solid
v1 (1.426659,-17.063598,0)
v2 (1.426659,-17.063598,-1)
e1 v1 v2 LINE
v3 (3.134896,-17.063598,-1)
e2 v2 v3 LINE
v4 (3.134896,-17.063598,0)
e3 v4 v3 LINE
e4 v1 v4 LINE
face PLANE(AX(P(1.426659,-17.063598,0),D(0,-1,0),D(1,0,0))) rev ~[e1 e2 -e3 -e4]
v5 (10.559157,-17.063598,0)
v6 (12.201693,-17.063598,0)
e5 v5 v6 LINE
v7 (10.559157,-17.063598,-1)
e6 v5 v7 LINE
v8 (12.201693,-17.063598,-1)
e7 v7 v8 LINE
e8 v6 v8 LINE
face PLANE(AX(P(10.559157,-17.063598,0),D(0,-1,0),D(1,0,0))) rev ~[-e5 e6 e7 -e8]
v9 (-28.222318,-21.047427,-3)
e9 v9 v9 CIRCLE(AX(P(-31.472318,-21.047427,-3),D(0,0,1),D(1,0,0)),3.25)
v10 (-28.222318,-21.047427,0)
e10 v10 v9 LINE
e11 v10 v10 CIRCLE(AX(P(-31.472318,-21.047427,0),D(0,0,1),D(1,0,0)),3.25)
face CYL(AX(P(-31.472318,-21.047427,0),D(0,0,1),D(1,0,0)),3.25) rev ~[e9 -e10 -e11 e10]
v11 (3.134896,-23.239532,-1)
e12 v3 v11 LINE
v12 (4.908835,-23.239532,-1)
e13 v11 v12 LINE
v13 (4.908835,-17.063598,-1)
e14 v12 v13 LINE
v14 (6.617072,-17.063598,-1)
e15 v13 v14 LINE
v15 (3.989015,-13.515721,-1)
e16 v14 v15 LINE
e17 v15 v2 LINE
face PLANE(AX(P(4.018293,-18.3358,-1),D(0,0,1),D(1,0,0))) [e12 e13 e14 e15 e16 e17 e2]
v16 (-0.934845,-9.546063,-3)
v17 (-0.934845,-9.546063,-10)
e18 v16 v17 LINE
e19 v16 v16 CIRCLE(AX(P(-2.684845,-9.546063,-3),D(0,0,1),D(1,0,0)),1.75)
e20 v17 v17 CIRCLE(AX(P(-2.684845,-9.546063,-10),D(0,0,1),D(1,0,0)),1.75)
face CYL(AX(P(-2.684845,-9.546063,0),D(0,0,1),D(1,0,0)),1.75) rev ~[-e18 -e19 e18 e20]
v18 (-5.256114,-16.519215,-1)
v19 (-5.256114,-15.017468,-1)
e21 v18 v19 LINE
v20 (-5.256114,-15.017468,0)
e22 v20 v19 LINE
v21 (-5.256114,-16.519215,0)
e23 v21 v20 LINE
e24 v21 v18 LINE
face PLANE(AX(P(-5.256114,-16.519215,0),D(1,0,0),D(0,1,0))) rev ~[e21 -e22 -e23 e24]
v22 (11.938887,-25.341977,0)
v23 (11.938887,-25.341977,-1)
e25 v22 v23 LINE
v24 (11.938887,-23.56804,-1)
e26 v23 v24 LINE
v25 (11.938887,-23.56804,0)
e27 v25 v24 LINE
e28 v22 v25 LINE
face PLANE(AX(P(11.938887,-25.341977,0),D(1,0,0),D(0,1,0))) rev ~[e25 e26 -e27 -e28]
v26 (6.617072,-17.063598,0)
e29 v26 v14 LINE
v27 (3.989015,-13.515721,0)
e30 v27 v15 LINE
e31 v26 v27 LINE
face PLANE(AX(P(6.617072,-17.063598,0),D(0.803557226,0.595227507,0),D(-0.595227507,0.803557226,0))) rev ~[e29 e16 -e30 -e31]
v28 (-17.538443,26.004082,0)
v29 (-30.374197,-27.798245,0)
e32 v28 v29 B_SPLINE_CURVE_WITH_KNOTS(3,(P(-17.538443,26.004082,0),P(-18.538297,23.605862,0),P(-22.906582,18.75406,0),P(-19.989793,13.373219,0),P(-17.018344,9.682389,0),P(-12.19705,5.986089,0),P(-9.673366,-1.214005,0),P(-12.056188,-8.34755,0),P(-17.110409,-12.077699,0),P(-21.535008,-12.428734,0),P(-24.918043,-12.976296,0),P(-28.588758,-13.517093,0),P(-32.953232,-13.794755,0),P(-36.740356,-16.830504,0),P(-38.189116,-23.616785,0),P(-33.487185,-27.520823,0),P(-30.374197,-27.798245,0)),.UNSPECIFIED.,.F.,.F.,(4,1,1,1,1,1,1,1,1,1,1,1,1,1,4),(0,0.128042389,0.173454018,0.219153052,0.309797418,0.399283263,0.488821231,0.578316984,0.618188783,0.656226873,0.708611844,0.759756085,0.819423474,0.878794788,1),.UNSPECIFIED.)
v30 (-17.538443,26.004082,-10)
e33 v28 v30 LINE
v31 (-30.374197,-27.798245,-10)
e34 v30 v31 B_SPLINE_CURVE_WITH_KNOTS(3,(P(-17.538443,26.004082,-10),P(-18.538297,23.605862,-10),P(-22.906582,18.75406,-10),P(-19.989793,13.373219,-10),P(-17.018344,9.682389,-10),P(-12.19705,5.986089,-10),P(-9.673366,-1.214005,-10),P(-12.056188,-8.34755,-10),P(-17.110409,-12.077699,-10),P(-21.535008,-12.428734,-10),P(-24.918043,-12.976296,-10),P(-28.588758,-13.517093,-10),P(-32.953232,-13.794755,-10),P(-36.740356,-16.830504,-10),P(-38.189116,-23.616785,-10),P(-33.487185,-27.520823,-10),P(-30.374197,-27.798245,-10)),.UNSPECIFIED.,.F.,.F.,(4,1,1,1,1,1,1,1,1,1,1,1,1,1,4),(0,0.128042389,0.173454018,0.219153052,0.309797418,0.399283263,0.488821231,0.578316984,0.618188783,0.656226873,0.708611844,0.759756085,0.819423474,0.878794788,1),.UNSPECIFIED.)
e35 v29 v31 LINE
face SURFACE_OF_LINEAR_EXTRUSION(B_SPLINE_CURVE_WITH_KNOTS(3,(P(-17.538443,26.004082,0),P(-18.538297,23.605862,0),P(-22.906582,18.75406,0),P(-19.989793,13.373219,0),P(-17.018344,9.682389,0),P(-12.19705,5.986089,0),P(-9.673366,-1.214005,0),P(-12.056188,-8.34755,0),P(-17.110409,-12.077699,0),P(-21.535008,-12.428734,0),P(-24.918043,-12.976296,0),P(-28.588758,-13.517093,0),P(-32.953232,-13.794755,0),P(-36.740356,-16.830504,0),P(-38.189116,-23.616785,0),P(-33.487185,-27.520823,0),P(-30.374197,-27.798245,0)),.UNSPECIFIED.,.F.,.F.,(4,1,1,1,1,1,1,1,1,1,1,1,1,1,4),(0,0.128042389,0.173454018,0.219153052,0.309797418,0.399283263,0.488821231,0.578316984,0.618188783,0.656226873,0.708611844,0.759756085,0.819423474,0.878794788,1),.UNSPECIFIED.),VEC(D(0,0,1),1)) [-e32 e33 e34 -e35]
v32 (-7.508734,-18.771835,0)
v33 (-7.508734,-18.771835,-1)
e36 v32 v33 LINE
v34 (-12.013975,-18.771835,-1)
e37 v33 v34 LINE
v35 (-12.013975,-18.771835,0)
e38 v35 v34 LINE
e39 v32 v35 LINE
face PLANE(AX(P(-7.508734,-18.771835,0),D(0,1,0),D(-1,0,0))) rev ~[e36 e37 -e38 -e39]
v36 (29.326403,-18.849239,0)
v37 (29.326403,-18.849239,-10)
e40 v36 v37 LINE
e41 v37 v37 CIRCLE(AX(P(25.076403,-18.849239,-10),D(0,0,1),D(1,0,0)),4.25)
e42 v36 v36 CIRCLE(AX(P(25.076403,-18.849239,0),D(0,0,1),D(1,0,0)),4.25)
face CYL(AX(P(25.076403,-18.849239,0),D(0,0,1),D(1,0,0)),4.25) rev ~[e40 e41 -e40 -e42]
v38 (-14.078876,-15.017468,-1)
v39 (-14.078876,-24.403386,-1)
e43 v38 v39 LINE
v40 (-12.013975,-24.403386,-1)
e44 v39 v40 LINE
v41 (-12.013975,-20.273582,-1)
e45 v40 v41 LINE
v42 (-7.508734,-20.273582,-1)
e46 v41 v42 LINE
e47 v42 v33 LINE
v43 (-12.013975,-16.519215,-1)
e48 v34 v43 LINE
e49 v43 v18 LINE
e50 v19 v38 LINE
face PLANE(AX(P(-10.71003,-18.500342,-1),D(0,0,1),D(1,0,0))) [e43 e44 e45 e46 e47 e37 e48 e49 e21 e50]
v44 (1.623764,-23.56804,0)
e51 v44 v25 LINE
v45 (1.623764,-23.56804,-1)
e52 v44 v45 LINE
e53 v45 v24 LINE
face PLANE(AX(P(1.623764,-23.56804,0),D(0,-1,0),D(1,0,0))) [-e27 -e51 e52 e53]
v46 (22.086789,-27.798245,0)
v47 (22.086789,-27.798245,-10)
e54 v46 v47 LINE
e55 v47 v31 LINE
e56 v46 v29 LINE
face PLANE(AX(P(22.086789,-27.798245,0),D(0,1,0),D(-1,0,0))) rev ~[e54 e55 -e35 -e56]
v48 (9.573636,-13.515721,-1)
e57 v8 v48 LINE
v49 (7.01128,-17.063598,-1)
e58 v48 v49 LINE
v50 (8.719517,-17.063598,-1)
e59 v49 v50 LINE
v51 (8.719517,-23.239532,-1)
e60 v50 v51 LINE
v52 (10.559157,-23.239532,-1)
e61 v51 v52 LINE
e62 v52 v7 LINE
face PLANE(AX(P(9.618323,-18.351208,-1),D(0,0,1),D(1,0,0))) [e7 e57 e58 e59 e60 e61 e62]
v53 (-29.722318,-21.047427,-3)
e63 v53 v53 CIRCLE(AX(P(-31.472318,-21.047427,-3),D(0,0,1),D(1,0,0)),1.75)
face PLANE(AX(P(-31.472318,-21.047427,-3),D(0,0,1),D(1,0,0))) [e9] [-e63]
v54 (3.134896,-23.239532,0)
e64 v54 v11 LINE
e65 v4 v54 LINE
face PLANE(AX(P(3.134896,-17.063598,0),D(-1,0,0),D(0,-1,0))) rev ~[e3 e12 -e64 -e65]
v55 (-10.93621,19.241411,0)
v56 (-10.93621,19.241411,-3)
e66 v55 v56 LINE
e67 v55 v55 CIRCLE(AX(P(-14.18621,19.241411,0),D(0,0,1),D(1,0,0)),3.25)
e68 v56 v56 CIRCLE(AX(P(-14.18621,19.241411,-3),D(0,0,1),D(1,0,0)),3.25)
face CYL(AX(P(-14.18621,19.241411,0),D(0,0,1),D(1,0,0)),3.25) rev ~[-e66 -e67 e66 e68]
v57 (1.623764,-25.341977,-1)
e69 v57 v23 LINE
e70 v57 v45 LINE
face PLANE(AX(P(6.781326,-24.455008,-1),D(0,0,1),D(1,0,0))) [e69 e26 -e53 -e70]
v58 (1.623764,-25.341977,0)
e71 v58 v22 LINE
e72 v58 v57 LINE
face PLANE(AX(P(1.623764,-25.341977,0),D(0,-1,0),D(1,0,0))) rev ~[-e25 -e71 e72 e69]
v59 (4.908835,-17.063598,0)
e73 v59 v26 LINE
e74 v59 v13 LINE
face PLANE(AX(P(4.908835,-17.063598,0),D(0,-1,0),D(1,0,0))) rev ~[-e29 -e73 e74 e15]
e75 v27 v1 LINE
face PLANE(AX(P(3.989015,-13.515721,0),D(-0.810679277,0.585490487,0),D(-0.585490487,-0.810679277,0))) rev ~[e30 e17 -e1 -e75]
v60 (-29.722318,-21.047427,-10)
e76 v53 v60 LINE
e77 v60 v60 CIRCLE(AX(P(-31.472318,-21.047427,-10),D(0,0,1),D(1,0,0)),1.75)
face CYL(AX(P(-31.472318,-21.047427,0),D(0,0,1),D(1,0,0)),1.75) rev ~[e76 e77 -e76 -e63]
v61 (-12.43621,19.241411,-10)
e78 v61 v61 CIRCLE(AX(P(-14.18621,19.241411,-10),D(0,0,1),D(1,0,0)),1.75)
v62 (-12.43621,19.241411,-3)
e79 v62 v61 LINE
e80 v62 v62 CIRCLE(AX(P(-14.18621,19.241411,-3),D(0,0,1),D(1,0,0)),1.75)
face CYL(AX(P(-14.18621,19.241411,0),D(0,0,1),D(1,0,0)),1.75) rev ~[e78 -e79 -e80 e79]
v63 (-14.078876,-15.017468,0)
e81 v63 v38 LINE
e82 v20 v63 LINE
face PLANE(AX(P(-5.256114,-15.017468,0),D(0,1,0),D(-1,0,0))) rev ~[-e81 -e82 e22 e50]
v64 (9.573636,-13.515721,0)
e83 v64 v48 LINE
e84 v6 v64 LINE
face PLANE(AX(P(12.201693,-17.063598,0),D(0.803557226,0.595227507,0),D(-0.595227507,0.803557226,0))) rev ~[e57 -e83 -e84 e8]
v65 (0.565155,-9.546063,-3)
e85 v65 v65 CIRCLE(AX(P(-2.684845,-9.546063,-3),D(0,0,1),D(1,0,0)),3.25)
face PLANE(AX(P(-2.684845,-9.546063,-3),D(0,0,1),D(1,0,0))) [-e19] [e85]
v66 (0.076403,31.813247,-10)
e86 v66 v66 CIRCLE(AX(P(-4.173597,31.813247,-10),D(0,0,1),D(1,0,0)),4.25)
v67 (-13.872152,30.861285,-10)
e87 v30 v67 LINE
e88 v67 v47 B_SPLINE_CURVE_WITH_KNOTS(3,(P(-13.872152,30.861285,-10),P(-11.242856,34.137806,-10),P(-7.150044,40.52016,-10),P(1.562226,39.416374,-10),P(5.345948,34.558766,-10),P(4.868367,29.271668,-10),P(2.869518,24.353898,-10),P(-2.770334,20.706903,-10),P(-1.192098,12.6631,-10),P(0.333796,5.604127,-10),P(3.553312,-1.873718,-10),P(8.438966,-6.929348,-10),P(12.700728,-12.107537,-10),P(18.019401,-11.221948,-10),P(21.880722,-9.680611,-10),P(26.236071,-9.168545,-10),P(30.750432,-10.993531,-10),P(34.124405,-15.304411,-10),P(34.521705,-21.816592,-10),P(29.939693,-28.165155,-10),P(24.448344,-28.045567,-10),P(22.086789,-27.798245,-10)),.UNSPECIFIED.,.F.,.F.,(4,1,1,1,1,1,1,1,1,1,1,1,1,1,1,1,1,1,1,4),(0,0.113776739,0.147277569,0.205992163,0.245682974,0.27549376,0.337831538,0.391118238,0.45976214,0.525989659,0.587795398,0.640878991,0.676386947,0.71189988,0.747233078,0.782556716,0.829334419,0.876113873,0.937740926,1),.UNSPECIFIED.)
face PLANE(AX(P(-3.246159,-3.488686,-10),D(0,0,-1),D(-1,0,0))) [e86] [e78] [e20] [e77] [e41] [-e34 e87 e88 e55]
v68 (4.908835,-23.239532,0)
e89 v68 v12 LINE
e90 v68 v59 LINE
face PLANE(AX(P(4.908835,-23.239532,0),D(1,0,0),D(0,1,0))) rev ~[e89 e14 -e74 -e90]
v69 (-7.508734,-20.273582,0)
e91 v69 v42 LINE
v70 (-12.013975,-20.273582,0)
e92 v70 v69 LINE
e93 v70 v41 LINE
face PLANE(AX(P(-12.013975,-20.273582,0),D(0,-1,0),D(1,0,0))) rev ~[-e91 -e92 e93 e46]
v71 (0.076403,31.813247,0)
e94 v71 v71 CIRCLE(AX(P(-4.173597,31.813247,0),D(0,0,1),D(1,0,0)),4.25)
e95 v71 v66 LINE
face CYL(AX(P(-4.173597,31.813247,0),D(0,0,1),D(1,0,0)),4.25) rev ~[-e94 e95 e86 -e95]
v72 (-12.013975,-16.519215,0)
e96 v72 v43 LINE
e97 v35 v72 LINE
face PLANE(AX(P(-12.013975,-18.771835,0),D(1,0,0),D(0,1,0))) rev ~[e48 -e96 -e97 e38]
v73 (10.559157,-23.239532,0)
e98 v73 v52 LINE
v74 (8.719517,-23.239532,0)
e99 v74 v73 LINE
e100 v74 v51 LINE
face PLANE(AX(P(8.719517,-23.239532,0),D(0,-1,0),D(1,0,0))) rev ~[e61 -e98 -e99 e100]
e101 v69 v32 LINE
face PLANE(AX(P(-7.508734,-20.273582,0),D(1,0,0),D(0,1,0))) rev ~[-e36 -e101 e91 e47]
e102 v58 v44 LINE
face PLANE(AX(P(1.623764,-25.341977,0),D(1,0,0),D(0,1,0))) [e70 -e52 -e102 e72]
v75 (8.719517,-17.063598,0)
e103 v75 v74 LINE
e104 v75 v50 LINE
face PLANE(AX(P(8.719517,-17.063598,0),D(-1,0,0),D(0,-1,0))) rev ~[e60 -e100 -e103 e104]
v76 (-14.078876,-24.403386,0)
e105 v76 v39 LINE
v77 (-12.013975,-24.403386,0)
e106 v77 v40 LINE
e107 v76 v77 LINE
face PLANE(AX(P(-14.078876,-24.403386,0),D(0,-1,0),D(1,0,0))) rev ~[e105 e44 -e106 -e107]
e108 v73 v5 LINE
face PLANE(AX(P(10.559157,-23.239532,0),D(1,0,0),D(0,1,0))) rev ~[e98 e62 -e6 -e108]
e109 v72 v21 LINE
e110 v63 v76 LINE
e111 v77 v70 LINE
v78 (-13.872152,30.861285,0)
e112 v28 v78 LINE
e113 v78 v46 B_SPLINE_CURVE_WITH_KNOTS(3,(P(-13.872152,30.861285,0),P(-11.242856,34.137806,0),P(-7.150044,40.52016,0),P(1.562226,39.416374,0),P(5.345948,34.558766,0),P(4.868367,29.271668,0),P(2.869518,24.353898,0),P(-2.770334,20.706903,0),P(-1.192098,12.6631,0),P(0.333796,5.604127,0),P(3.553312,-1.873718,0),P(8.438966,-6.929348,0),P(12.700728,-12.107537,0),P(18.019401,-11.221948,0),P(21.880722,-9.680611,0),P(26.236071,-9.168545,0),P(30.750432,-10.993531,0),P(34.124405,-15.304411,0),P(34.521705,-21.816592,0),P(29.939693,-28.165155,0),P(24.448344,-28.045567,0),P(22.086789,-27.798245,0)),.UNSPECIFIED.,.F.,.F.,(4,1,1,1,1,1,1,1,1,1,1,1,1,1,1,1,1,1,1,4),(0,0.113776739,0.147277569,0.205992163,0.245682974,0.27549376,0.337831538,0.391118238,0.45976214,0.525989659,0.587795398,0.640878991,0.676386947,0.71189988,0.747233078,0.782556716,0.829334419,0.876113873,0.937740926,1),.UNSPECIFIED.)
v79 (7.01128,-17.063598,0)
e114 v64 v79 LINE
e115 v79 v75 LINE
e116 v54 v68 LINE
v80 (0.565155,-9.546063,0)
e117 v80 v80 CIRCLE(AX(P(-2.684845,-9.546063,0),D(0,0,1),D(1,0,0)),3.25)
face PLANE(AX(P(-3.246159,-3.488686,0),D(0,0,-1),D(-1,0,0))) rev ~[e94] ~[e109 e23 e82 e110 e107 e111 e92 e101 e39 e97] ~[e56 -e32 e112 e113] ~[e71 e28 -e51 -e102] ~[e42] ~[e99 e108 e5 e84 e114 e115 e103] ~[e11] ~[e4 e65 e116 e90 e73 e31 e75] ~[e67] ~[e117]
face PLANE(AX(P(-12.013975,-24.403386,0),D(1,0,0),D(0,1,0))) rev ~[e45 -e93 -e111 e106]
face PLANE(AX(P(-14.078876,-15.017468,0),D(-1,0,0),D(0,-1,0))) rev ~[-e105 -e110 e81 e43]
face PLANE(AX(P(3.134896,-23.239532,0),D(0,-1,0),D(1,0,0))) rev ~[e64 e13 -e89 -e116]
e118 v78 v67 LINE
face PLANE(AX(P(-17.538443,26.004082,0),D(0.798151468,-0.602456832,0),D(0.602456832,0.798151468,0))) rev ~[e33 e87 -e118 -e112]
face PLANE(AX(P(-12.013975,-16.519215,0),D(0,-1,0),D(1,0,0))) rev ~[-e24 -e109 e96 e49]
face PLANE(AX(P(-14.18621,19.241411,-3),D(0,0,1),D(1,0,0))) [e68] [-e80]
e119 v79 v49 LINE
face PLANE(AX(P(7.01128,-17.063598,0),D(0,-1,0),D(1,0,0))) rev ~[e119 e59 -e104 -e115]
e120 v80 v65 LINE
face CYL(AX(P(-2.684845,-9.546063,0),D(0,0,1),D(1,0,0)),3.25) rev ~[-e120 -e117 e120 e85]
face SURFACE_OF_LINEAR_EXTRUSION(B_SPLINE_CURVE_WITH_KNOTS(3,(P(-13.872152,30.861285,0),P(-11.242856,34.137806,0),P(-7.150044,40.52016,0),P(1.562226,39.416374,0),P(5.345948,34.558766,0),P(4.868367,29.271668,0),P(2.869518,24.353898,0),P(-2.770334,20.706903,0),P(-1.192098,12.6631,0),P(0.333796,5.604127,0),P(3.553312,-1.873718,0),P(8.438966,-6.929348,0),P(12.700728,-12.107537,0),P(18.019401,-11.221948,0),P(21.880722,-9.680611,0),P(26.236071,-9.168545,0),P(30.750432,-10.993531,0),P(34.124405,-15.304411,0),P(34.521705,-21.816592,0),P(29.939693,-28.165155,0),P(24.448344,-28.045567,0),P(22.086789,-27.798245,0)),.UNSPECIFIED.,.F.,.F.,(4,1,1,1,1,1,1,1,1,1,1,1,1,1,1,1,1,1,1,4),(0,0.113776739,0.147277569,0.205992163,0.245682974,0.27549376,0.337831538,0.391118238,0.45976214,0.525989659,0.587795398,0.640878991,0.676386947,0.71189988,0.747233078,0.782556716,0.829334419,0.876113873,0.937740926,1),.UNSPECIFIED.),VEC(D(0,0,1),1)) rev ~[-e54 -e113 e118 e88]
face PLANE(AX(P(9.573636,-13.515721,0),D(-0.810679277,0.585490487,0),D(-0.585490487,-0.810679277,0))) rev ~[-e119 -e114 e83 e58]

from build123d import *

# Parameters (mm, degrees)
MODEL_R            = 1.75
MODEL_R_2          = 4.25
MAIN_BODY_DEPTH    = 10
MODEL_5_W          = 10.315123612
MODEL_5_H          = 1.773937843
SYMBOLS_DEPTH      = 1
MODEL_6_R          = 3.25
MODEL_6_R_2        = 1.75
RECESS_HOLES_DEPTH = 3


with BuildPart() as part:
    # Model → Main body (new body)
    with BuildSketch(Plane.XY):
        with BuildLine():
            Line((22.086789496, -27.798245314), (-30.374196976, -27.798245314))
            add(Edge.make_bspline(
                [(-17.538442516, 26.004081512), (-18.538297116, 23.605862033), (-22.906581963, 18.754059646), (-19.989793116, 13.373218867), (-17.018344154, 9.682388722), (-12.197050491, 5.986089091), (-9.673365897, -1.214004586), (-12.056188368, -8.347550444), (-17.110409271, -12.077698709), (-21.535008402, -12.428733663), (-24.918043379, -12.97629583), (-28.588757867, -13.51709323), (-32.953232047, -13.794755273), (-36.740356431, -16.830503628), (-38.189116389, -23.616785026), (-33.487184883, -27.52082329), (-30.374196976, -27.798245314)],
                knots=[0, 0, 0, 0, 0.128042389, 0.173454018, 0.219153052, 0.309797418, 0.399283263, 0.488821231, 0.578316984, 0.618188783, 0.656226873, 0.708611844, 0.759756085, 0.819423474, 0.878794788, 1, 1, 1, 1], degree=3))
            Line((-17.538442516, 26.004081512), (-13.872151512, 30.861285205))
            add(Edge.make_bspline(
                [(-13.872151512, 30.861285205), (-11.242855817, 34.137806076), (-7.150043663, 40.520160255), (1.562226031, 39.416373843), (5.345947757, 34.558765511), (4.868367052, 29.271667753), (2.869518079, 24.35389753), (-2.770333758, 20.70690297), (-1.192098482, 12.663100042), (0.333796067, 5.604126508), (3.553312262, -1.873717532), (8.438966414, -6.929348048), (12.700727629, -12.107536515), (18.019400725, -11.221948452), (21.880721708, -9.6806106), (26.236071232, -9.168544501), (30.750432493, -10.993531334), (34.124404593, -15.30441135), (34.521705172, -21.816592139), (29.939692895, -28.16515456), (24.448344054, -28.045567403), (22.086789496, -27.798245314)],
                knots=[0, 0, 0, 0, 0.113776739, 0.147277569, 0.205992163, 0.245682974, 0.27549376, 0.337831538, 0.391118238, 0.45976214, 0.525989659, 0.587795398, 0.640878991, 0.676386947, 0.71189988, 0.747233078, 0.782556716, 0.829334419, 0.876113873, 0.937740926, 1, 1, 1, 1], degree=3))
        make_face()
        with Locations((-31.472318321, -21.04742708)):
            Circle(MODEL_R, mode=Mode.SUBTRACT)
        with Locations((25.07640309, -18.84923931)):
            Circle(MODEL_R_2, mode=Mode.SUBTRACT)
        with Locations((-4.173596907, 31.813246811)):
            Circle(MODEL_R_2, mode=Mode.SUBTRACT)
        with Locations((-14.186209652, 19.241410668)):
            Circle(MODEL_R, mode=Mode.SUBTRACT)
        with Locations((-2.684845112, -9.54606254)):
            Circle(MODEL_R, mode=Mode.SUBTRACT)
    extrude(amount=-MAIN_BODY_DEPTH)

    # Model<5> → Symbols (cut)
    with BuildSketch(Plane.XY):
        Polygon((-14.078876314, -24.403385612), (-12.013974634, -24.403385612), (-12.013974634, -20.273582251), (-7.508734034, -20.273582251), (-7.508734034, -18.771835086), (-12.013974634, -18.771835086), (-12.013974634, -16.519215234), (-5.256113735, -16.519215234), (-5.256113735, -15.017468069), (-14.078876314, -15.017468069), align=None)
        with Locations((6.781325559, -24.455008445)):
            Rectangle(MODEL_5_W, MODEL_5_H)
        Polygon((1.426659449, -17.06359838), (3.134896379, -17.06359838), (3.134896379, -23.239532051), (4.908834893, -23.239532051), (4.908834893, -17.06359838), (6.617072047, -17.06359838), (3.989014956, -13.515720904), align=None)
        Polygon((7.011280208, -17.06359838), (8.719517362, -17.06359838), (8.719517362, -23.239532051), (10.559157236, -23.239532051), (10.559157236, -17.06359838), (12.201692806, -17.06359838), (9.573635715, -13.515720904), align=None)
    extrude(amount=-SYMBOLS_DEPTH, mode=Mode.SUBTRACT)

    # Model<6> → Recess holes (cut)
    # profile 1 of 3: a face of its own
    with BuildSketch(Plane.XY):
        with Locations((-31.472318321, -21.04742708)):
            Circle(MODEL_6_R)
        with Locations((-31.472318321, -21.04742708)):
            Circle(MODEL_6_R_2, mode=Mode.SUBTRACT)
    # profile 2 of 3: a face of its own
    with BuildSketch(Plane.XY):
        with Locations((-14.186209652, 19.241410668)):
            Circle(MODEL_6_R)
        with Locations((-14.186209652, 19.241410668)):
            Circle(MODEL_6_R_2, mode=Mode.SUBTRACT)
    # profile 3 of 3: a face of its own
    with BuildSketch(Plane.XY):
        with Locations((-2.684845112, -9.54606254)):
            Circle(MODEL_6_R)
        with Locations((-2.684845112, -9.54606254)):
            Circle(MODEL_6_R_2, mode=Mode.SUBTRACT)
    extrude(amount=-RECESS_HOLES_DEPTH, mode=Mode.SUBTRACT)


solid = part.part
